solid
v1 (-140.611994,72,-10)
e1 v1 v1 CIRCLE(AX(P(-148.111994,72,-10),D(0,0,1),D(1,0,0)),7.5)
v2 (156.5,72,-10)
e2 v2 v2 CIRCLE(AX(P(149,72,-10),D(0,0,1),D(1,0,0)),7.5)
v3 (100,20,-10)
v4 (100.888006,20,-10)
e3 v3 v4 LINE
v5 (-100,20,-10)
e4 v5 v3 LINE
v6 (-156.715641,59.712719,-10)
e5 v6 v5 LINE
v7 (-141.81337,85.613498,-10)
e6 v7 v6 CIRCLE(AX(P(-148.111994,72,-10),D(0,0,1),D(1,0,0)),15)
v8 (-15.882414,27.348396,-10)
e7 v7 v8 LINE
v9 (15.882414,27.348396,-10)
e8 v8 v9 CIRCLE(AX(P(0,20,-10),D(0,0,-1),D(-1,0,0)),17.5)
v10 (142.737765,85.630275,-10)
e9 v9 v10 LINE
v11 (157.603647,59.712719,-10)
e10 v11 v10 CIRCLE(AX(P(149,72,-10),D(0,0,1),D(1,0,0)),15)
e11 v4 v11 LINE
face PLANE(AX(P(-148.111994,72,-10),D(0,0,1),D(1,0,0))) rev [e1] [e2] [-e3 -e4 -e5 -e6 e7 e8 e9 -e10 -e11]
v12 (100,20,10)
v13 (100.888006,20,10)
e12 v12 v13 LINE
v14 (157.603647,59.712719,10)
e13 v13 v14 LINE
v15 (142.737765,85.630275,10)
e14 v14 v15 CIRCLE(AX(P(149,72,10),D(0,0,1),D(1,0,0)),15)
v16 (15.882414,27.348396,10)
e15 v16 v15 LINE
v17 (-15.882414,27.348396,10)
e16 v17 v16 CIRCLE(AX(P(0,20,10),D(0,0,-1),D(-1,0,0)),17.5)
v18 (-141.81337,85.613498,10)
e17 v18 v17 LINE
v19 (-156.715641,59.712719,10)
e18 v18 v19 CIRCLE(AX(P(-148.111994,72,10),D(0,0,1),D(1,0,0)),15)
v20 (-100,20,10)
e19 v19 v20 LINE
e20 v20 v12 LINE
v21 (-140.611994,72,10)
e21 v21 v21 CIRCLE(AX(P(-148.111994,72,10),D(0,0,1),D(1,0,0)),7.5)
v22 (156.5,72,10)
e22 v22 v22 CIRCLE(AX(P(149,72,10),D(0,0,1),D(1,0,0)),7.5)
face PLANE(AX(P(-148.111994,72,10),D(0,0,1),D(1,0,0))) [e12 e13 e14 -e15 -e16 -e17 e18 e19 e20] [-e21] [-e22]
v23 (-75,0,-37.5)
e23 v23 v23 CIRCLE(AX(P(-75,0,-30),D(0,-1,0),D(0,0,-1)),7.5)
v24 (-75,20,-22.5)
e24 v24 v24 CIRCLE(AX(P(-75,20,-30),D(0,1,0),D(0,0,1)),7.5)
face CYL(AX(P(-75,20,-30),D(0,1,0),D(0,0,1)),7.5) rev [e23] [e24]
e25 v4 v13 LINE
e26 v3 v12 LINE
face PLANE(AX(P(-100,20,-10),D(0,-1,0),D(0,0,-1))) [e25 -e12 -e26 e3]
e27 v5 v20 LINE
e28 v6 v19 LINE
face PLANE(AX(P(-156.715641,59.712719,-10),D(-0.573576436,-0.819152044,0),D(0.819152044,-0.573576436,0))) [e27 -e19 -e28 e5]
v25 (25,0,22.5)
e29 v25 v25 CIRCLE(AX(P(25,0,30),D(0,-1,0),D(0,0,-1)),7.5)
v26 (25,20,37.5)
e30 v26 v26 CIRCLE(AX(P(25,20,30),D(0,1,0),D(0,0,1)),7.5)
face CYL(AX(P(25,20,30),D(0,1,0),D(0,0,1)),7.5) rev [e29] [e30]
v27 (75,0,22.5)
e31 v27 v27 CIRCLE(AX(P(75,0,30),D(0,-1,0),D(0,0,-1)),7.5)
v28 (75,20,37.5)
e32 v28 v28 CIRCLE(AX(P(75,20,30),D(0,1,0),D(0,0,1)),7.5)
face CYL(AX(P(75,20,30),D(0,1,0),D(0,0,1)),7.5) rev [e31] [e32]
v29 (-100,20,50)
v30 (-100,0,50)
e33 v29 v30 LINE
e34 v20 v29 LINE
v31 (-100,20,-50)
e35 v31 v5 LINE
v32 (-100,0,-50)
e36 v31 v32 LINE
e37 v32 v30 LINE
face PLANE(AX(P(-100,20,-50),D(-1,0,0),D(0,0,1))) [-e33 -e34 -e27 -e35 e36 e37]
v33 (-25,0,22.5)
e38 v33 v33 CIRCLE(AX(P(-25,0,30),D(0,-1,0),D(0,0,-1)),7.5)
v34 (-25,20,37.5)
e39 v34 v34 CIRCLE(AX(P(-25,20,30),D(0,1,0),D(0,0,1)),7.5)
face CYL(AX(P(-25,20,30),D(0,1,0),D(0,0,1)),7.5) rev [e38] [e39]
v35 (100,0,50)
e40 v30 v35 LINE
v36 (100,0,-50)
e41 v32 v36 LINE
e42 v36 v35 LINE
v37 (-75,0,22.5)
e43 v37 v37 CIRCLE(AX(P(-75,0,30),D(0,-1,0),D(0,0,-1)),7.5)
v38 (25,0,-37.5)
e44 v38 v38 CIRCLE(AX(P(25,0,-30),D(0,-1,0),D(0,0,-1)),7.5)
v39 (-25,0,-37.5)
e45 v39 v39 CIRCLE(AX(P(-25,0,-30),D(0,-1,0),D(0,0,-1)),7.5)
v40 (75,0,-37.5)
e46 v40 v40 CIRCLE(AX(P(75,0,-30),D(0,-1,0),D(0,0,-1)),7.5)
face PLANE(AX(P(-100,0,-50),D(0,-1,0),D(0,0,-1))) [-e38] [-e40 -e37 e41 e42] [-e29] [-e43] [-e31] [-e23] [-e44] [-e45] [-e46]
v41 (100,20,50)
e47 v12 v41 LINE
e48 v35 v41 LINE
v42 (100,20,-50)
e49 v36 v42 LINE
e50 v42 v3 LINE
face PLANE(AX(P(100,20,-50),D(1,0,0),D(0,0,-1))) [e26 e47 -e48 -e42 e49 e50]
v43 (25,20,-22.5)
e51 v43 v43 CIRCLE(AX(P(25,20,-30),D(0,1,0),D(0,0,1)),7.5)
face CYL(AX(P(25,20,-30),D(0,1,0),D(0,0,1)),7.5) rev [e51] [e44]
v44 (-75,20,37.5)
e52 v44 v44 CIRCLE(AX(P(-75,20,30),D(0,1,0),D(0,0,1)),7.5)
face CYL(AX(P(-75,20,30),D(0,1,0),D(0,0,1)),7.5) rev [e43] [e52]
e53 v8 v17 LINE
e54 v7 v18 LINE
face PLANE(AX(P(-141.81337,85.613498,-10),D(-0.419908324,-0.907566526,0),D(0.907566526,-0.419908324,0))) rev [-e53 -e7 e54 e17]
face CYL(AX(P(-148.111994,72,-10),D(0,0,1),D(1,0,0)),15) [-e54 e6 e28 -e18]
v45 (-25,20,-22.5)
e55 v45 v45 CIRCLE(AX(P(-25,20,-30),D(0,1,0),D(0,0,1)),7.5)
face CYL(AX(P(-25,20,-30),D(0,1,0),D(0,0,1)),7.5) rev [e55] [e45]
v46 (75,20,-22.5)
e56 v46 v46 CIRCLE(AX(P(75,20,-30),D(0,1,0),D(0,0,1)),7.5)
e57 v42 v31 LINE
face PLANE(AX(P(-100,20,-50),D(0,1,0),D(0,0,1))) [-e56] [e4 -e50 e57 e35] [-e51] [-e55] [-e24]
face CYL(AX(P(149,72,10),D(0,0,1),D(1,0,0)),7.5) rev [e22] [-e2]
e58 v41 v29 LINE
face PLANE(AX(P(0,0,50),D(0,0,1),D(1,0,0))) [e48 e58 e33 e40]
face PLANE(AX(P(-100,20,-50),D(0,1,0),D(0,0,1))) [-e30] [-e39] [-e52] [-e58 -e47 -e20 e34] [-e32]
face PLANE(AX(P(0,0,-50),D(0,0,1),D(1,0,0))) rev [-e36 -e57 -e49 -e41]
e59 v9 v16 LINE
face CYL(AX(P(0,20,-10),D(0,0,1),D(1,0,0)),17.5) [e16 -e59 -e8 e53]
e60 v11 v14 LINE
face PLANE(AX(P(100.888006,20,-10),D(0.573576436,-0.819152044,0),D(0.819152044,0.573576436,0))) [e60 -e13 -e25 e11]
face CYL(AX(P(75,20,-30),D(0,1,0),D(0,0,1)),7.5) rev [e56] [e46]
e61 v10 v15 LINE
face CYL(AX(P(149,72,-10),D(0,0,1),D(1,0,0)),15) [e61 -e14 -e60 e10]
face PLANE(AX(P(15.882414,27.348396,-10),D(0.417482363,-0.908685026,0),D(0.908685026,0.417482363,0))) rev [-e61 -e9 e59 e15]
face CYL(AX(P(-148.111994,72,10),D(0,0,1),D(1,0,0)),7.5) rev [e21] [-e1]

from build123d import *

# Parameters (mm, degrees)
BOSS_EXTRUDE1_DEPTH      = 50
BOSS_EXTRUDE1_DEPTH_BACK = 50
SKETCH1_W                = 200
SKETCH1_H                = 20
BOSS_EXTRUDE2_DEPTH      = 10
BOSS_EXTRUDE2_DEPTH_BACK = 10
HOLE1_D                  = 15
HOLE2_D                  = 15
LPATTERN1_COUNT          = 4
LPATTERN1_PITCH          = 50
MIRROR1_COPY_1_D         = 15
MIRROR1_COPY_2_D         = 15
MIRROR1_COPY_3_D         = 15


with BuildPart() as part:
    # Sketch1 → Boss-Extrude1 (new, two sides: drawn at the far end of the back side and taken through both)
    with BuildSketch(Plane.XY.offset(-BOSS_EXTRUDE1_DEPTH_BACK)):
        with Locations((0, 10)):
            Rectangle(SKETCH1_W, SKETCH1_H)
    extrude(amount=BOSS_EXTRUDE1_DEPTH + BOSS_EXTRUDE1_DEPTH_BACK)

    # Sketch2 → Boss-Extrude2 (add, two sides: drawn at the far end of the back side and taken through both)
    with BuildSketch(Plane.XY.offset(-BOSS_EXTRUDE2_DEPTH_BACK)):
        with BuildLine():
            Line((-141.813369554, 85.613497892), (-15.882414207, 27.348395672))
            ThreePointArc((-15.882414207, 27.348395672), (0, 37.5), (15.882414207, 27.348395672))
            Line((15.882414207, 27.348395672), (142.737764558, 85.630275392))
            ThreePointArc((142.737764558, 85.630275392), (162.01155177, 79.46321114), (157.603646545, 59.712719336))
            Line((157.603646545, 59.712719336), (100.888005584, 20))
            Line((100.888005584, 20), (-100, 20))
            Line((-100, 20), (-156.715640962, 59.712719336))
            ThreePointArc((-156.715640962, 59.712719336), (-161.113566002, 79.480583955), (-141.813369554, 85.613497892))
        make_face()
    extrude(amount=BOSS_EXTRUDE2_DEPTH + BOSS_EXTRUDE2_DEPTH_BACK)

    # Hole1 (through all)
    with Locations(Plane.XY.offset(10)):
        with Locations((-148.111994416, 72), (149, 72)):
            Hole(HOLE1_D / 2)

    # Hole2 (through all)
    with Locations(Plane(origin=(0, 20, 0), x_dir=(1, 0, 0), z_dir=(0, 1, 0))):
        with Locations((75, -30)):
            hole2 = Hole(HOLE2_D / 2)

    # LPattern1: Hole2 ×4
    with Locations(*[(-i * LPATTERN1_PITCH, 0, 0) for i in range(1, LPATTERN1_COUNT)]):
        add(hole2, mode=Mode.SUBTRACT)

    # Mirror1: Hole2 across plane
    add(hole2.mirror(Plane.XY), mode=Mode.SUBTRACT)

    # Mirror1 copy 1 (through all)
    with Locations(Plane(origin=(-50, 20, 0), x_dir=(1, 0, 0), z_dir=(0, 1, 0))):
        with Locations((75, 30)):
            Hole(MIRROR1_COPY_1_D / 2)

    # Mirror1 copy 2 (through all)
    with Locations(Plane(origin=(-100, 20, 0), x_dir=(1, 0, 0), z_dir=(0, 1, 0))):
        with Locations((75, 30)):
            Hole(MIRROR1_COPY_2_D / 2)

    # Mirror1 copy 3 (through all)
    with Locations(Plane(origin=(-150, 20, 0), x_dir=(1, 0, 0), z_dir=(0, 1, 0))):
        with Locations((75, 30)):
            Hole(MIRROR1_COPY_3_D / 2)


solid = part.part
